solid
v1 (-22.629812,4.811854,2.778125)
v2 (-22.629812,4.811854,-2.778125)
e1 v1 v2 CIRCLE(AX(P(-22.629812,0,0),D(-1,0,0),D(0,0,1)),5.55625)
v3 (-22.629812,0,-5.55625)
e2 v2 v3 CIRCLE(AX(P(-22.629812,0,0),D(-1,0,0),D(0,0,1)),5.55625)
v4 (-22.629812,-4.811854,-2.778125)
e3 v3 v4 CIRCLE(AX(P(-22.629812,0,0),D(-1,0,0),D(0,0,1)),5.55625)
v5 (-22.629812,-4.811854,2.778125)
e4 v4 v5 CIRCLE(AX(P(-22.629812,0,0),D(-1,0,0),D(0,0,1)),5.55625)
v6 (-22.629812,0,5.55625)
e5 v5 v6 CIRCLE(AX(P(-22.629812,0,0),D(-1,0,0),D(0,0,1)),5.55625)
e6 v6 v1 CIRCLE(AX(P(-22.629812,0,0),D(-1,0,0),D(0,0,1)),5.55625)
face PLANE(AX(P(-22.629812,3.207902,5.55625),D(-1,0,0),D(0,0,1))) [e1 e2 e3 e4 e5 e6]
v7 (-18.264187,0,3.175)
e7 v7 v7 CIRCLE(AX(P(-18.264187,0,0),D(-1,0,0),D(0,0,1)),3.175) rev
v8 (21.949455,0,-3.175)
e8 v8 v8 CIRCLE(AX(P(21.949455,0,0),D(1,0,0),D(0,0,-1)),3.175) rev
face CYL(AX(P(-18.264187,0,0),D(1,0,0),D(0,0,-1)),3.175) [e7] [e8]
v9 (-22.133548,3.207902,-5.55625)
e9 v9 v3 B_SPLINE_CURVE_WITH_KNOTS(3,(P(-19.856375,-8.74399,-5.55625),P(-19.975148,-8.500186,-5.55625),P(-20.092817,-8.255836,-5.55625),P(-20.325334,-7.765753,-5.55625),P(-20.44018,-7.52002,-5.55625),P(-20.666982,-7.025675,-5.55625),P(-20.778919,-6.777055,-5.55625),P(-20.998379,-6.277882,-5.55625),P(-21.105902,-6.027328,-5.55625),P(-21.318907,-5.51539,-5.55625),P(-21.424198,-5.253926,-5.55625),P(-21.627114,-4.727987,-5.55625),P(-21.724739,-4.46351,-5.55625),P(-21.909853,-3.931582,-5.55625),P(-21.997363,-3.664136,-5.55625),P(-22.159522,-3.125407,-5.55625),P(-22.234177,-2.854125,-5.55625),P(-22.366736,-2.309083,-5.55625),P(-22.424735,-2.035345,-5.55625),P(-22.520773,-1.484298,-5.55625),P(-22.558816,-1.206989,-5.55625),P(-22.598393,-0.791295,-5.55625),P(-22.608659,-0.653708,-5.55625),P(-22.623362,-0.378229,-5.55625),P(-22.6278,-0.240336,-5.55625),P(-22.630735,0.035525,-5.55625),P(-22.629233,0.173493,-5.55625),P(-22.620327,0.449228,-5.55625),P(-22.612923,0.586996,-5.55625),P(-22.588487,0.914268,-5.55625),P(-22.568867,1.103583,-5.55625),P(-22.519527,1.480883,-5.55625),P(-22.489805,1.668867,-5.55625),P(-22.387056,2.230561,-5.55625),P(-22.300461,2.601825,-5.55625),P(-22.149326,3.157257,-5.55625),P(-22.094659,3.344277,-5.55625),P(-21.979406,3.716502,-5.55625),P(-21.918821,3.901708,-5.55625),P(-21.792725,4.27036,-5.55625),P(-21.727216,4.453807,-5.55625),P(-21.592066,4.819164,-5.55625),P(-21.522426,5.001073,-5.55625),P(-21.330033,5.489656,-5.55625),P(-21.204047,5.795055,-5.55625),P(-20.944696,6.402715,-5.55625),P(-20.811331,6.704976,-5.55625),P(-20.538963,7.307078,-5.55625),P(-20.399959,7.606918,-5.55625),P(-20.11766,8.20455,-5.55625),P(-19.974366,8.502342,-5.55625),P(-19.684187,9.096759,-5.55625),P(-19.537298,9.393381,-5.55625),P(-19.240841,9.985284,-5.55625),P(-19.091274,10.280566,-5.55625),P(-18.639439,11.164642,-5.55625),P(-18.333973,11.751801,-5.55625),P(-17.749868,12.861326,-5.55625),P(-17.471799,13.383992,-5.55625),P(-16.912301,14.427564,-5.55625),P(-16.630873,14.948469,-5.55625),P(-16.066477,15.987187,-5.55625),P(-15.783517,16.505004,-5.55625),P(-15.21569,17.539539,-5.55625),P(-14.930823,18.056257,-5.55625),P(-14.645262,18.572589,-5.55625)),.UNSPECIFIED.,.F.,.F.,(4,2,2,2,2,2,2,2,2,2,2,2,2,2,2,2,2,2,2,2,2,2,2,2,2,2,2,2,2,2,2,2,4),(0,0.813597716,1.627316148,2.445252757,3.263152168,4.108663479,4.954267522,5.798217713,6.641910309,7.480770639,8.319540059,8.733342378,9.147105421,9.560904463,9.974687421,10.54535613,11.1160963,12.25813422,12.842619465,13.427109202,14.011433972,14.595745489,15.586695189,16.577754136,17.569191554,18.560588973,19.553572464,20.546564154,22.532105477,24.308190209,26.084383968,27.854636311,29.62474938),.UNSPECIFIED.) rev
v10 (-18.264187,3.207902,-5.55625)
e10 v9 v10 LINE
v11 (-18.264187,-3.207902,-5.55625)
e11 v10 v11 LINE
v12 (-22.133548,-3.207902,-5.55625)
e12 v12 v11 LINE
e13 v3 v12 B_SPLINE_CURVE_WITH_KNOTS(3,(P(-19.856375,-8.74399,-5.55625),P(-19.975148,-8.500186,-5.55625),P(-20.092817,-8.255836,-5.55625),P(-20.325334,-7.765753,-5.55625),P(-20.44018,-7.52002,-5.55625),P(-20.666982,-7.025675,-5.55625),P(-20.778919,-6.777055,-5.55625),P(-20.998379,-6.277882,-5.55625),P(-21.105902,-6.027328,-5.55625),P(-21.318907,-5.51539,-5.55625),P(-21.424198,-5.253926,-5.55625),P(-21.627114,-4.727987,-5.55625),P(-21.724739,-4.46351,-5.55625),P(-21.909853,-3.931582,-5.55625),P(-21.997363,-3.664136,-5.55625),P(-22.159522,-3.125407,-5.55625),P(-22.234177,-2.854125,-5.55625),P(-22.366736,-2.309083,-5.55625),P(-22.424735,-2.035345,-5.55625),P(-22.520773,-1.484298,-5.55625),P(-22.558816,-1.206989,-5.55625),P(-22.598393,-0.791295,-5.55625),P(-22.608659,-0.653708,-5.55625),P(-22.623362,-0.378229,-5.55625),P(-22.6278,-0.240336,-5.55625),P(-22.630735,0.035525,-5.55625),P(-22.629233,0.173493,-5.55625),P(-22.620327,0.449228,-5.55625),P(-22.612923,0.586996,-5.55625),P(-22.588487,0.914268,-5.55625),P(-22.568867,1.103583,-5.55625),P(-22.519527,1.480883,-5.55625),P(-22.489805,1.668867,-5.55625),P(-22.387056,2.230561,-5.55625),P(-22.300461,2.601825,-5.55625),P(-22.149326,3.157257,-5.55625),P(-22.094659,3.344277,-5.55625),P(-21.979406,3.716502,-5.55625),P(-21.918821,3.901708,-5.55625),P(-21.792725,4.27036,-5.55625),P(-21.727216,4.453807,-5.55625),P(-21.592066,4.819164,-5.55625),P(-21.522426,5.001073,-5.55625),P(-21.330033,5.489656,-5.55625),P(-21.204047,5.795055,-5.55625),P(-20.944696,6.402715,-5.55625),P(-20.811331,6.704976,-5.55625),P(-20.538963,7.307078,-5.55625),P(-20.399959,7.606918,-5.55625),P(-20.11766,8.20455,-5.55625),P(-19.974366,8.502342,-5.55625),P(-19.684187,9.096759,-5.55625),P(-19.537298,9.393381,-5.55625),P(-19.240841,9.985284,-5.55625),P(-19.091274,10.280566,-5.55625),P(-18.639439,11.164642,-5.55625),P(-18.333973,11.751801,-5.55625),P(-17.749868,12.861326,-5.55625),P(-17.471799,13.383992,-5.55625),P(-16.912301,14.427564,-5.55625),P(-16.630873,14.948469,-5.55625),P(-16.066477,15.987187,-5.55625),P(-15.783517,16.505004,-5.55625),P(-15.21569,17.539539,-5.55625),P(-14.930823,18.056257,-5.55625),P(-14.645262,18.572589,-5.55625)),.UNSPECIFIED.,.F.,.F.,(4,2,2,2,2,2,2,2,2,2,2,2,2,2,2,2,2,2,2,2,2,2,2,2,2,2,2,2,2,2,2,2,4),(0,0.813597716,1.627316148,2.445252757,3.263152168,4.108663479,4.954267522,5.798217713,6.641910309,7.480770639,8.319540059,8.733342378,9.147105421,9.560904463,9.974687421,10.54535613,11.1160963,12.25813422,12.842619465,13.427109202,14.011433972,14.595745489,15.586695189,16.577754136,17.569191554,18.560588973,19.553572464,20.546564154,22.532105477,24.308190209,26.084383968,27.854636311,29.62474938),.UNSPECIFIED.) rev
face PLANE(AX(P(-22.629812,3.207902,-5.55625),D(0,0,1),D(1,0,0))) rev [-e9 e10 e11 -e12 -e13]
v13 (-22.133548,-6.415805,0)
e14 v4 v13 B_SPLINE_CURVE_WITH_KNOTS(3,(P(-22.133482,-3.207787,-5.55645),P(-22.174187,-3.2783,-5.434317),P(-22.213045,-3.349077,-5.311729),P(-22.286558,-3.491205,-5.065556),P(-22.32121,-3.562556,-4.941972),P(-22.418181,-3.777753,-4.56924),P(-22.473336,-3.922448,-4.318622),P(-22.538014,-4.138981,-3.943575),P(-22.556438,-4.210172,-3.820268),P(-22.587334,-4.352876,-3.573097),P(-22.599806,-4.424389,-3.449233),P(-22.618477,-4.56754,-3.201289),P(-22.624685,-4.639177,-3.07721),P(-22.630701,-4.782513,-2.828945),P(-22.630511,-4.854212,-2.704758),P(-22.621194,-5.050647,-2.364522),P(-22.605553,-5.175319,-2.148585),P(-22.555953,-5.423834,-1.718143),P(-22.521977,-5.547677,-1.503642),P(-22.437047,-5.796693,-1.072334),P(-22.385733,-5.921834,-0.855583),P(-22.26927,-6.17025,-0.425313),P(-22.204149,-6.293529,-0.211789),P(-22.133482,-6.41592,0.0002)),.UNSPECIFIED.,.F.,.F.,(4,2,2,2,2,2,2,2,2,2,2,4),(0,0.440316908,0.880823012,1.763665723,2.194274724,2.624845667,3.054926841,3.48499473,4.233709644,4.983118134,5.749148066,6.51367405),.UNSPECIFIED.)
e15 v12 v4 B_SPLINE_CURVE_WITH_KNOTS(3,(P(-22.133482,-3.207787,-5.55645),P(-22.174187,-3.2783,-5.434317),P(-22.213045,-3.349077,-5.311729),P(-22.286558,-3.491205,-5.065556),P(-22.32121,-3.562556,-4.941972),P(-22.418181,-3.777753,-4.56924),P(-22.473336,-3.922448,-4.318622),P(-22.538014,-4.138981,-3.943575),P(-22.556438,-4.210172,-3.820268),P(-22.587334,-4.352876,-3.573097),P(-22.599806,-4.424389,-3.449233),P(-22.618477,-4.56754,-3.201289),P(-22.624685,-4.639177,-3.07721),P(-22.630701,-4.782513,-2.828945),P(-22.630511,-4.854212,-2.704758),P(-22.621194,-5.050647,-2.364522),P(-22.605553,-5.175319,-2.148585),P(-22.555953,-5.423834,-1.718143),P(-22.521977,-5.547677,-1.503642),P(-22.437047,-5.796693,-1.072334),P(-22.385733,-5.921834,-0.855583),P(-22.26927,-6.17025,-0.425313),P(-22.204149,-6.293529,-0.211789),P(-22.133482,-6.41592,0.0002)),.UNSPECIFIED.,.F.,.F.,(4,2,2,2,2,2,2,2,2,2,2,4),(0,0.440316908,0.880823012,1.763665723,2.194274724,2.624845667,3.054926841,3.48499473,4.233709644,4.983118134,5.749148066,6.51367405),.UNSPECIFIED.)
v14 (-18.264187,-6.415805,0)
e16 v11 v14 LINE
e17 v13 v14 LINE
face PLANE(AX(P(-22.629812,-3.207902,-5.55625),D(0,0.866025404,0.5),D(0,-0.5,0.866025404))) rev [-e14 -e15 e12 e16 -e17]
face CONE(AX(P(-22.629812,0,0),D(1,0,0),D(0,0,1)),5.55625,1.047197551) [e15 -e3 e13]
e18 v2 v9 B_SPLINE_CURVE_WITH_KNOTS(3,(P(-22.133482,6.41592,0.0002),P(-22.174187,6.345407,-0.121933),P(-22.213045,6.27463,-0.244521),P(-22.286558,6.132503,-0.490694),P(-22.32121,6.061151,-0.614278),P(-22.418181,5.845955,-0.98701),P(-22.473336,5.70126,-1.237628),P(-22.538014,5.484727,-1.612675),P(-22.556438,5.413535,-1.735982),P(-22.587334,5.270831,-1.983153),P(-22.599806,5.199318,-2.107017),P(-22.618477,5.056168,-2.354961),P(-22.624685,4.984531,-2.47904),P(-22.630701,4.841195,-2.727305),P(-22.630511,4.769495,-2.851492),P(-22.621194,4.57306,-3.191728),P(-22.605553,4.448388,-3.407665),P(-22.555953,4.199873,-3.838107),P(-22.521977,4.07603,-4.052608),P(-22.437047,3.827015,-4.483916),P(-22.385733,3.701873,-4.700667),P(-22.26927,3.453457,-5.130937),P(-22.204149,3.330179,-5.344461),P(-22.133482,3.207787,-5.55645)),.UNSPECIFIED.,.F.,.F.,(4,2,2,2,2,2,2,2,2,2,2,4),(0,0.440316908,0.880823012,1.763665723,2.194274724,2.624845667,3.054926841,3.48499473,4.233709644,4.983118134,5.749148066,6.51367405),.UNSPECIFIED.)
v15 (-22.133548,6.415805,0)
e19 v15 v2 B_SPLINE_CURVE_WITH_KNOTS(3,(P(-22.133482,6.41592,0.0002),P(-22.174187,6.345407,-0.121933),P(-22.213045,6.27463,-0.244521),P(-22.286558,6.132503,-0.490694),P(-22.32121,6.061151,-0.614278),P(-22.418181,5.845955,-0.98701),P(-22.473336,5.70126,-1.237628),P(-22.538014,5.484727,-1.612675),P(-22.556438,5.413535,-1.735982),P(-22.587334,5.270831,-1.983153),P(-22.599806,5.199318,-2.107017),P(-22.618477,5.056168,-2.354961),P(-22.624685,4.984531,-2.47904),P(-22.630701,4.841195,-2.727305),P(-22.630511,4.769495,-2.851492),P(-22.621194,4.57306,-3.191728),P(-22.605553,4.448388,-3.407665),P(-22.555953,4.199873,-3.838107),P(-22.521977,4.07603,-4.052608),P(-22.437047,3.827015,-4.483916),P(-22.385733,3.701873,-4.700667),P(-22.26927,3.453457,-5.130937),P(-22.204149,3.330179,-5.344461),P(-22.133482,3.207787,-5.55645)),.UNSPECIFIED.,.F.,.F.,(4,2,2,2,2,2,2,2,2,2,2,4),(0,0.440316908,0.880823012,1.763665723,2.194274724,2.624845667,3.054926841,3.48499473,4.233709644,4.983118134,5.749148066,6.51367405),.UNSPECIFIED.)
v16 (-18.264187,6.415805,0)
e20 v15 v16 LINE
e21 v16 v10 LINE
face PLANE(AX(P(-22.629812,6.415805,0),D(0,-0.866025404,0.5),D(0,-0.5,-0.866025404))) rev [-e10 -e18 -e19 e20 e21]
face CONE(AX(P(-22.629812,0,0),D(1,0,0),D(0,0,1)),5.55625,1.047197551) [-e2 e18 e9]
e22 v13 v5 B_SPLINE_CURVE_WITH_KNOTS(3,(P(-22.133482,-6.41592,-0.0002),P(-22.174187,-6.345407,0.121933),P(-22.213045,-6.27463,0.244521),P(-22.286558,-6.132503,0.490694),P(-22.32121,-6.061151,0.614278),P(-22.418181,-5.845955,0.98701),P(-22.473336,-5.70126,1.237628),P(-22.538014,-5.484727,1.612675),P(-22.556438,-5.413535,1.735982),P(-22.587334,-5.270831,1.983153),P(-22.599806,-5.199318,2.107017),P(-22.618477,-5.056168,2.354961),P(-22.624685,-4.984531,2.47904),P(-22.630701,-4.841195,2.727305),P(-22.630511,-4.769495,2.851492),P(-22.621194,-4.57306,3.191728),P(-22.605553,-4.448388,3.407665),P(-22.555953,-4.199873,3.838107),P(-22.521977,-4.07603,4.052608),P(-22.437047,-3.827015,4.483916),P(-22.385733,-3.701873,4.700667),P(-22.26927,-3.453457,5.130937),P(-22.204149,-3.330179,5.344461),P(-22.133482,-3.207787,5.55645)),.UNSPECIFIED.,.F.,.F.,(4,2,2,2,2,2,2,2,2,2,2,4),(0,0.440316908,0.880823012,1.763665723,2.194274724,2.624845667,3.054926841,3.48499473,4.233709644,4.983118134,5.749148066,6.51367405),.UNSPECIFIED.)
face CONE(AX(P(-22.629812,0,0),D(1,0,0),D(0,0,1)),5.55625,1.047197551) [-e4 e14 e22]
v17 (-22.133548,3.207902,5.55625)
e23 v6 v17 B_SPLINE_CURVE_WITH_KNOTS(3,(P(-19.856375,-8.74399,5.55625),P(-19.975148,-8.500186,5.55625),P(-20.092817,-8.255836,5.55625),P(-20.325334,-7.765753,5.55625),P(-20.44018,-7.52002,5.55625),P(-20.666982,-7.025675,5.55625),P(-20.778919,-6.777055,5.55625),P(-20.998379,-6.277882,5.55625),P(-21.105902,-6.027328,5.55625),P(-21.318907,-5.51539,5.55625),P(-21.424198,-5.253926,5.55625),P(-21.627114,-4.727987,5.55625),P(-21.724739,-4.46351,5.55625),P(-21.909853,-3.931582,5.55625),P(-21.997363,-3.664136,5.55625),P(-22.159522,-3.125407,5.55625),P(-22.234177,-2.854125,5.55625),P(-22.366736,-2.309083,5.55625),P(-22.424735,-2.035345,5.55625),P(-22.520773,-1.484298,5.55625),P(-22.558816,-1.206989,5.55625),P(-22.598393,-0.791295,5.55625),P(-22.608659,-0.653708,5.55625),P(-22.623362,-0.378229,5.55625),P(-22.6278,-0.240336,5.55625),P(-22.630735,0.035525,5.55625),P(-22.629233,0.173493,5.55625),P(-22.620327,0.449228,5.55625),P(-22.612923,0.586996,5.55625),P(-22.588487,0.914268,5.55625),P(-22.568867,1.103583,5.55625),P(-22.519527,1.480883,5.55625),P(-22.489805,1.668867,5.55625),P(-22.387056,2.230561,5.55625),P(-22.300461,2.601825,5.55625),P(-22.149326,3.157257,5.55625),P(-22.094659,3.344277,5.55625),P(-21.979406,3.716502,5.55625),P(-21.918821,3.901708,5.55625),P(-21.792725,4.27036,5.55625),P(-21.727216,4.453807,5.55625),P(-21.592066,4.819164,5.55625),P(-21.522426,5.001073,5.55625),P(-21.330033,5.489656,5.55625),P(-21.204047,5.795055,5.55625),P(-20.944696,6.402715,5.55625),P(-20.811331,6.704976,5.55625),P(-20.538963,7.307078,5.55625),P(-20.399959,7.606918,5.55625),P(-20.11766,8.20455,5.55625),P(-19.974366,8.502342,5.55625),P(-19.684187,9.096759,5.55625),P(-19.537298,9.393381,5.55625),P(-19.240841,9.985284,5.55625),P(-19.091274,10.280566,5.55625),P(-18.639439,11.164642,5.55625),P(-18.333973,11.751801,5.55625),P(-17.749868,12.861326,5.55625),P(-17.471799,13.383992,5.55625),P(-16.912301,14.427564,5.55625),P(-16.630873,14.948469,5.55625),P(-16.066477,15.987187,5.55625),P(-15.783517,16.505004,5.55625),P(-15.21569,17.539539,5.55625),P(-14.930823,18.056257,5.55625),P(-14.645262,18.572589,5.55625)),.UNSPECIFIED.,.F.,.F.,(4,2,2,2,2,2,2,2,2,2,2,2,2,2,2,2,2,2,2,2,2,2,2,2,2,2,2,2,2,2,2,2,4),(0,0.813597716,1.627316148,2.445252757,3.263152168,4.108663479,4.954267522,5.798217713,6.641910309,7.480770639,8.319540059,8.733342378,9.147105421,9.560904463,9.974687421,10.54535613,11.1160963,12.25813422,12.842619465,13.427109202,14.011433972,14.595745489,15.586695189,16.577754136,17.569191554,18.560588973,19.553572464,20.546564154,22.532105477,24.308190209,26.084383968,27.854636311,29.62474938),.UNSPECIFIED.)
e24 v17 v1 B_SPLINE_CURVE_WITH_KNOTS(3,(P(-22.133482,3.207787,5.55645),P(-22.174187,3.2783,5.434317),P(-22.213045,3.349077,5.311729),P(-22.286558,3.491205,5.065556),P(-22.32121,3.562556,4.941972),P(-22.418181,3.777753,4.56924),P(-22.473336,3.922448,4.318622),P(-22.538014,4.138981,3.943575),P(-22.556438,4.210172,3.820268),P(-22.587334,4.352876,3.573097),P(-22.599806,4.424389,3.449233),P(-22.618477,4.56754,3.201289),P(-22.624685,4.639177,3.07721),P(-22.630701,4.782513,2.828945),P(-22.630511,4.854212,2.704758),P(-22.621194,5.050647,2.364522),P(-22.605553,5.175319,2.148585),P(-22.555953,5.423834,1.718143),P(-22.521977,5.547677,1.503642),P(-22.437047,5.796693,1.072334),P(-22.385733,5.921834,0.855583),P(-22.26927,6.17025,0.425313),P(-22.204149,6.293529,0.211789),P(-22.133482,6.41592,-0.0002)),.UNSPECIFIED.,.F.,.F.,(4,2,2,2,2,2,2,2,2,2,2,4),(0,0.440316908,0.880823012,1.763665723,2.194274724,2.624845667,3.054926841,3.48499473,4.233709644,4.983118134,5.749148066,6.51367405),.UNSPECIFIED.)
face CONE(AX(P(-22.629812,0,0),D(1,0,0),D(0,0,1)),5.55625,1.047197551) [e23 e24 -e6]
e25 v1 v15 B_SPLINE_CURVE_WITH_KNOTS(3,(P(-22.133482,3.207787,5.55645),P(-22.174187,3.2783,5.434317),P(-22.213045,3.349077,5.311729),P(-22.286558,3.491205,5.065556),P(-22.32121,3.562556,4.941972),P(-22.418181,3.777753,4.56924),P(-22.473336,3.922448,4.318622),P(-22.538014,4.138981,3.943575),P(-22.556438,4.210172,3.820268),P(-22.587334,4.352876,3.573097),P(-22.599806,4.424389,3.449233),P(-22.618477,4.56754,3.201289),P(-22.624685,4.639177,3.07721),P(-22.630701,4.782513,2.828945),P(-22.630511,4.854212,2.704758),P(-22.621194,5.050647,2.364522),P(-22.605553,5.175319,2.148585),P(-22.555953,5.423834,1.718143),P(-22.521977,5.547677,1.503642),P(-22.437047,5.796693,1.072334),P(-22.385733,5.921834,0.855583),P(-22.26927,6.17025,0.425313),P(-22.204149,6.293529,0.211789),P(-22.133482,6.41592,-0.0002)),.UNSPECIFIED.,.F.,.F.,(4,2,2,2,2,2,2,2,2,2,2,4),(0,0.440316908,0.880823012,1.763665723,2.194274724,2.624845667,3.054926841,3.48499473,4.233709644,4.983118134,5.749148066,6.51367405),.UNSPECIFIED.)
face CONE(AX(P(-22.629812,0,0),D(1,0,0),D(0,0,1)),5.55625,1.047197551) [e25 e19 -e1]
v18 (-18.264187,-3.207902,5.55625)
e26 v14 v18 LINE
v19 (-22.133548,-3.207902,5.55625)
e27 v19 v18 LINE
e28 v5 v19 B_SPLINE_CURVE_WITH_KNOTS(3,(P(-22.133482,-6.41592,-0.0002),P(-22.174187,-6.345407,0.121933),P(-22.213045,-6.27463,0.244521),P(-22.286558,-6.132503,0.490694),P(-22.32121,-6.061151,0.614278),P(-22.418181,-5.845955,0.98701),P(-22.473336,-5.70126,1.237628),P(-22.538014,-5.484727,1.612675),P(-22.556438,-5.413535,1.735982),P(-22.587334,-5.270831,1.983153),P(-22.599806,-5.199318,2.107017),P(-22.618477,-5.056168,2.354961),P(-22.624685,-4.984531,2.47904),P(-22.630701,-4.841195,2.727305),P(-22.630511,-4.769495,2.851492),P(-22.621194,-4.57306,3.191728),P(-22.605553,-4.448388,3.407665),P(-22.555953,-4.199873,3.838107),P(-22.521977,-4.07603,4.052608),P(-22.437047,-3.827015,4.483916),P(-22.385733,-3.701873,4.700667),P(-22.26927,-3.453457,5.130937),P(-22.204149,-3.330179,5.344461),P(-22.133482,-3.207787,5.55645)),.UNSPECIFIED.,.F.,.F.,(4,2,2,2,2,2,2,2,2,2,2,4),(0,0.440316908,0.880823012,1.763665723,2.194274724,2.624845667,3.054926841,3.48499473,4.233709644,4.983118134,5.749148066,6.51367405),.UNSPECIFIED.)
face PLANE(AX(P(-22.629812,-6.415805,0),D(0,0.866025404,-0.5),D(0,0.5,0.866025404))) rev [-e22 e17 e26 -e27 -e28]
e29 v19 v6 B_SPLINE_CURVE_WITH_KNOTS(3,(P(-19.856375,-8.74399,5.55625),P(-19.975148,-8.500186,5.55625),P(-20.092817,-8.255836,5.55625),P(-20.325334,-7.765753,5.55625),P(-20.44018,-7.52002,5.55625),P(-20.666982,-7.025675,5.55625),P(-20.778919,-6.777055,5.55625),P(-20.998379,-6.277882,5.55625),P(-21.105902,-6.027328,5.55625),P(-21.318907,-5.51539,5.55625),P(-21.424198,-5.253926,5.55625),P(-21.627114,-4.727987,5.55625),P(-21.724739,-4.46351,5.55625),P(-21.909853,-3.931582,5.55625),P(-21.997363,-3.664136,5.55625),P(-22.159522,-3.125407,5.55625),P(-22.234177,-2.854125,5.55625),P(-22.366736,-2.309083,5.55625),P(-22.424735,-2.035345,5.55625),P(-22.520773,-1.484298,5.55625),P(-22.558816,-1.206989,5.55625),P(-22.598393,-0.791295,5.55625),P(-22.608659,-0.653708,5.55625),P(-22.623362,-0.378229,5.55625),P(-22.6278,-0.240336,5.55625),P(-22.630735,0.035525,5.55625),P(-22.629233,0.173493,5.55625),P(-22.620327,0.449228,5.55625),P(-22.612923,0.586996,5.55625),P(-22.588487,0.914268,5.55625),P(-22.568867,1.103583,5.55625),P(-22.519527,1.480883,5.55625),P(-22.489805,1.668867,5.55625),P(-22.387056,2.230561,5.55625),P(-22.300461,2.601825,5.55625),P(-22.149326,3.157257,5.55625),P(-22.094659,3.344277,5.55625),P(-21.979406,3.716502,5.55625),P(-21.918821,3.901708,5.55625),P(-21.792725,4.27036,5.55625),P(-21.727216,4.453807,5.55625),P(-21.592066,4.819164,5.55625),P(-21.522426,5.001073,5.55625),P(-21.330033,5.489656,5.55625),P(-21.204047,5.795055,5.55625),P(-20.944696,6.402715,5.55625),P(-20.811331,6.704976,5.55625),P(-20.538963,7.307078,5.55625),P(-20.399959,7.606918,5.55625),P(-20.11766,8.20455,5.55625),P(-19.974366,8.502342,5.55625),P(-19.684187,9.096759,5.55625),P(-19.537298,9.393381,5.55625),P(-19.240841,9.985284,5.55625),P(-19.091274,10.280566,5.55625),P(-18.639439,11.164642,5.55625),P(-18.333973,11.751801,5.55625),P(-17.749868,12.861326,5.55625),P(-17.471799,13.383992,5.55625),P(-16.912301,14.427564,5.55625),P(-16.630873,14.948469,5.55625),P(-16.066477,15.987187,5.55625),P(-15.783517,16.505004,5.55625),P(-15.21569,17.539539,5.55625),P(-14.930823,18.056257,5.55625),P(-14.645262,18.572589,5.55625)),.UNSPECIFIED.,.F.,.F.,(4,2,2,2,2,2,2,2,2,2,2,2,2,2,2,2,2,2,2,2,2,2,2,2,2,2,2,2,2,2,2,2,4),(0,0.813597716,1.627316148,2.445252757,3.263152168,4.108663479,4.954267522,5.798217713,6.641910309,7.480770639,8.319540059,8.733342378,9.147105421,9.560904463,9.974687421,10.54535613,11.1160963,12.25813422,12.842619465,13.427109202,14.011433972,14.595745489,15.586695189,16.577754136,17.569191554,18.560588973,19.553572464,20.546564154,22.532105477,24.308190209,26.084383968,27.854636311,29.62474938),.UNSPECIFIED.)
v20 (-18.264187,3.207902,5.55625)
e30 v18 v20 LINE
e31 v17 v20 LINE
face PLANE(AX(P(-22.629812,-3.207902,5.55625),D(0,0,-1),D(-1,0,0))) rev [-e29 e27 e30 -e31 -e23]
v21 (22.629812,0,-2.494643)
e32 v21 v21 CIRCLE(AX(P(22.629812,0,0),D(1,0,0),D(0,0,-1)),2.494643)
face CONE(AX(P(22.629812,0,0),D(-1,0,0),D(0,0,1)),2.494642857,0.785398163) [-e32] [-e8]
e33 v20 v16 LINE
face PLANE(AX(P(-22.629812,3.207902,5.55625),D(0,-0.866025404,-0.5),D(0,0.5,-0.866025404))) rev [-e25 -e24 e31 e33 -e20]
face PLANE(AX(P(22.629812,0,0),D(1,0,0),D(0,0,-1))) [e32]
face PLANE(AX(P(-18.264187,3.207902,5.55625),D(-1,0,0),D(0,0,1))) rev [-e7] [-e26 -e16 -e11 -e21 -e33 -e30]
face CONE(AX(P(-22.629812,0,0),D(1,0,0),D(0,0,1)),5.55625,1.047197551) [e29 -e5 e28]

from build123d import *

# Parameters (mm, degrees)
SKETCH5_R           = 3.175
BOSS_EXTRUDE3_DEPTH = 40.894
CHAMFER1_SIZE       = 0.680357143
BOSS_EXTRUDE4_DEPTH = 4.365625
SKETCH8_OUTSIDE_W   = 185.76
SKETCH8_OUTSIDE_H   = 187.48
SKETCH8_OUTSIDE_R   = 5.55625
CUT_EXTRUDE3_DEPTH  = 47.048540925
CUT_EXTRUDE3_DRAFT  = -60


with BuildPart() as part:
    # Sketch5 → Boss-Extrude3 (new body)
    with BuildSketch(Plane(origin=(22.6298125, 0, 0), x_dir=(0, 0, -1), z_dir=(1, 0, 0))):
        Circle(SKETCH5_R)
    extrude(amount=-BOSS_EXTRUDE3_DEPTH)

    # Chamfer1
    chamfer1_edges = [part.edges().sort_by_distance(p)[0] for p in [
        (22.6298125, 0, 3.175),
    ]]
    chamfer(chamfer1_edges, length=CHAMFER1_SIZE)

    # Sketch6 → Boss-Extrude4 (add)
    with BuildSketch(Plane.ZY.offset(18.2641875)):
        Polygon((5.55625, 3.207902433), (0, 6.415804866), (-5.55625, 3.207902433), (-5.55625, -3.207902433), (0, -6.415804866), (5.55625, -3.207902433), align=None)
    extrude(amount=BOSS_EXTRUDE4_DEPTH)


with BuildPart() as cut_extrude3_tool:
    # Sketch8 outside → Cut-Extrude3 (with draft: the straight prism first)
    with BuildSketch(Plane.ZY.offset(22.6298125)):
        Rectangle(SKETCH8_OUTSIDE_W, SKETCH8_OUTSIDE_H)
        Circle(SKETCH8_OUTSIDE_R, mode=Mode.SUBTRACT)
    extrude(amount=-CUT_EXTRUDE3_DEPTH)
    # Cut-Extrude3: the draft: its side faces are tilted about the plane it starts from
    cut_extrude3_sides = [cut_extrude3_tool.faces().sort_by_distance(p)[0] for p in [
        (0.894457962, -93.74, 0),
        (0.894457962, 0, 92.88),
        (0.894457962, 93.74, 0),
        (0.894457962, 0, -92.88),
        (0.894457962, 0, -5.55625),
    ]]
    draft(cut_extrude3_sides, Plane.ZY.offset(22.6298125), CUT_EXTRUDE3_DRAFT)


with BuildPart() as part_1:
    add(part.part)

    # Cut-Extrude3: cut by cut_extrude3_tool
    add(cut_extrude3_tool.part, mode=Mode.SUBTRACT)


solid = part_1.part
